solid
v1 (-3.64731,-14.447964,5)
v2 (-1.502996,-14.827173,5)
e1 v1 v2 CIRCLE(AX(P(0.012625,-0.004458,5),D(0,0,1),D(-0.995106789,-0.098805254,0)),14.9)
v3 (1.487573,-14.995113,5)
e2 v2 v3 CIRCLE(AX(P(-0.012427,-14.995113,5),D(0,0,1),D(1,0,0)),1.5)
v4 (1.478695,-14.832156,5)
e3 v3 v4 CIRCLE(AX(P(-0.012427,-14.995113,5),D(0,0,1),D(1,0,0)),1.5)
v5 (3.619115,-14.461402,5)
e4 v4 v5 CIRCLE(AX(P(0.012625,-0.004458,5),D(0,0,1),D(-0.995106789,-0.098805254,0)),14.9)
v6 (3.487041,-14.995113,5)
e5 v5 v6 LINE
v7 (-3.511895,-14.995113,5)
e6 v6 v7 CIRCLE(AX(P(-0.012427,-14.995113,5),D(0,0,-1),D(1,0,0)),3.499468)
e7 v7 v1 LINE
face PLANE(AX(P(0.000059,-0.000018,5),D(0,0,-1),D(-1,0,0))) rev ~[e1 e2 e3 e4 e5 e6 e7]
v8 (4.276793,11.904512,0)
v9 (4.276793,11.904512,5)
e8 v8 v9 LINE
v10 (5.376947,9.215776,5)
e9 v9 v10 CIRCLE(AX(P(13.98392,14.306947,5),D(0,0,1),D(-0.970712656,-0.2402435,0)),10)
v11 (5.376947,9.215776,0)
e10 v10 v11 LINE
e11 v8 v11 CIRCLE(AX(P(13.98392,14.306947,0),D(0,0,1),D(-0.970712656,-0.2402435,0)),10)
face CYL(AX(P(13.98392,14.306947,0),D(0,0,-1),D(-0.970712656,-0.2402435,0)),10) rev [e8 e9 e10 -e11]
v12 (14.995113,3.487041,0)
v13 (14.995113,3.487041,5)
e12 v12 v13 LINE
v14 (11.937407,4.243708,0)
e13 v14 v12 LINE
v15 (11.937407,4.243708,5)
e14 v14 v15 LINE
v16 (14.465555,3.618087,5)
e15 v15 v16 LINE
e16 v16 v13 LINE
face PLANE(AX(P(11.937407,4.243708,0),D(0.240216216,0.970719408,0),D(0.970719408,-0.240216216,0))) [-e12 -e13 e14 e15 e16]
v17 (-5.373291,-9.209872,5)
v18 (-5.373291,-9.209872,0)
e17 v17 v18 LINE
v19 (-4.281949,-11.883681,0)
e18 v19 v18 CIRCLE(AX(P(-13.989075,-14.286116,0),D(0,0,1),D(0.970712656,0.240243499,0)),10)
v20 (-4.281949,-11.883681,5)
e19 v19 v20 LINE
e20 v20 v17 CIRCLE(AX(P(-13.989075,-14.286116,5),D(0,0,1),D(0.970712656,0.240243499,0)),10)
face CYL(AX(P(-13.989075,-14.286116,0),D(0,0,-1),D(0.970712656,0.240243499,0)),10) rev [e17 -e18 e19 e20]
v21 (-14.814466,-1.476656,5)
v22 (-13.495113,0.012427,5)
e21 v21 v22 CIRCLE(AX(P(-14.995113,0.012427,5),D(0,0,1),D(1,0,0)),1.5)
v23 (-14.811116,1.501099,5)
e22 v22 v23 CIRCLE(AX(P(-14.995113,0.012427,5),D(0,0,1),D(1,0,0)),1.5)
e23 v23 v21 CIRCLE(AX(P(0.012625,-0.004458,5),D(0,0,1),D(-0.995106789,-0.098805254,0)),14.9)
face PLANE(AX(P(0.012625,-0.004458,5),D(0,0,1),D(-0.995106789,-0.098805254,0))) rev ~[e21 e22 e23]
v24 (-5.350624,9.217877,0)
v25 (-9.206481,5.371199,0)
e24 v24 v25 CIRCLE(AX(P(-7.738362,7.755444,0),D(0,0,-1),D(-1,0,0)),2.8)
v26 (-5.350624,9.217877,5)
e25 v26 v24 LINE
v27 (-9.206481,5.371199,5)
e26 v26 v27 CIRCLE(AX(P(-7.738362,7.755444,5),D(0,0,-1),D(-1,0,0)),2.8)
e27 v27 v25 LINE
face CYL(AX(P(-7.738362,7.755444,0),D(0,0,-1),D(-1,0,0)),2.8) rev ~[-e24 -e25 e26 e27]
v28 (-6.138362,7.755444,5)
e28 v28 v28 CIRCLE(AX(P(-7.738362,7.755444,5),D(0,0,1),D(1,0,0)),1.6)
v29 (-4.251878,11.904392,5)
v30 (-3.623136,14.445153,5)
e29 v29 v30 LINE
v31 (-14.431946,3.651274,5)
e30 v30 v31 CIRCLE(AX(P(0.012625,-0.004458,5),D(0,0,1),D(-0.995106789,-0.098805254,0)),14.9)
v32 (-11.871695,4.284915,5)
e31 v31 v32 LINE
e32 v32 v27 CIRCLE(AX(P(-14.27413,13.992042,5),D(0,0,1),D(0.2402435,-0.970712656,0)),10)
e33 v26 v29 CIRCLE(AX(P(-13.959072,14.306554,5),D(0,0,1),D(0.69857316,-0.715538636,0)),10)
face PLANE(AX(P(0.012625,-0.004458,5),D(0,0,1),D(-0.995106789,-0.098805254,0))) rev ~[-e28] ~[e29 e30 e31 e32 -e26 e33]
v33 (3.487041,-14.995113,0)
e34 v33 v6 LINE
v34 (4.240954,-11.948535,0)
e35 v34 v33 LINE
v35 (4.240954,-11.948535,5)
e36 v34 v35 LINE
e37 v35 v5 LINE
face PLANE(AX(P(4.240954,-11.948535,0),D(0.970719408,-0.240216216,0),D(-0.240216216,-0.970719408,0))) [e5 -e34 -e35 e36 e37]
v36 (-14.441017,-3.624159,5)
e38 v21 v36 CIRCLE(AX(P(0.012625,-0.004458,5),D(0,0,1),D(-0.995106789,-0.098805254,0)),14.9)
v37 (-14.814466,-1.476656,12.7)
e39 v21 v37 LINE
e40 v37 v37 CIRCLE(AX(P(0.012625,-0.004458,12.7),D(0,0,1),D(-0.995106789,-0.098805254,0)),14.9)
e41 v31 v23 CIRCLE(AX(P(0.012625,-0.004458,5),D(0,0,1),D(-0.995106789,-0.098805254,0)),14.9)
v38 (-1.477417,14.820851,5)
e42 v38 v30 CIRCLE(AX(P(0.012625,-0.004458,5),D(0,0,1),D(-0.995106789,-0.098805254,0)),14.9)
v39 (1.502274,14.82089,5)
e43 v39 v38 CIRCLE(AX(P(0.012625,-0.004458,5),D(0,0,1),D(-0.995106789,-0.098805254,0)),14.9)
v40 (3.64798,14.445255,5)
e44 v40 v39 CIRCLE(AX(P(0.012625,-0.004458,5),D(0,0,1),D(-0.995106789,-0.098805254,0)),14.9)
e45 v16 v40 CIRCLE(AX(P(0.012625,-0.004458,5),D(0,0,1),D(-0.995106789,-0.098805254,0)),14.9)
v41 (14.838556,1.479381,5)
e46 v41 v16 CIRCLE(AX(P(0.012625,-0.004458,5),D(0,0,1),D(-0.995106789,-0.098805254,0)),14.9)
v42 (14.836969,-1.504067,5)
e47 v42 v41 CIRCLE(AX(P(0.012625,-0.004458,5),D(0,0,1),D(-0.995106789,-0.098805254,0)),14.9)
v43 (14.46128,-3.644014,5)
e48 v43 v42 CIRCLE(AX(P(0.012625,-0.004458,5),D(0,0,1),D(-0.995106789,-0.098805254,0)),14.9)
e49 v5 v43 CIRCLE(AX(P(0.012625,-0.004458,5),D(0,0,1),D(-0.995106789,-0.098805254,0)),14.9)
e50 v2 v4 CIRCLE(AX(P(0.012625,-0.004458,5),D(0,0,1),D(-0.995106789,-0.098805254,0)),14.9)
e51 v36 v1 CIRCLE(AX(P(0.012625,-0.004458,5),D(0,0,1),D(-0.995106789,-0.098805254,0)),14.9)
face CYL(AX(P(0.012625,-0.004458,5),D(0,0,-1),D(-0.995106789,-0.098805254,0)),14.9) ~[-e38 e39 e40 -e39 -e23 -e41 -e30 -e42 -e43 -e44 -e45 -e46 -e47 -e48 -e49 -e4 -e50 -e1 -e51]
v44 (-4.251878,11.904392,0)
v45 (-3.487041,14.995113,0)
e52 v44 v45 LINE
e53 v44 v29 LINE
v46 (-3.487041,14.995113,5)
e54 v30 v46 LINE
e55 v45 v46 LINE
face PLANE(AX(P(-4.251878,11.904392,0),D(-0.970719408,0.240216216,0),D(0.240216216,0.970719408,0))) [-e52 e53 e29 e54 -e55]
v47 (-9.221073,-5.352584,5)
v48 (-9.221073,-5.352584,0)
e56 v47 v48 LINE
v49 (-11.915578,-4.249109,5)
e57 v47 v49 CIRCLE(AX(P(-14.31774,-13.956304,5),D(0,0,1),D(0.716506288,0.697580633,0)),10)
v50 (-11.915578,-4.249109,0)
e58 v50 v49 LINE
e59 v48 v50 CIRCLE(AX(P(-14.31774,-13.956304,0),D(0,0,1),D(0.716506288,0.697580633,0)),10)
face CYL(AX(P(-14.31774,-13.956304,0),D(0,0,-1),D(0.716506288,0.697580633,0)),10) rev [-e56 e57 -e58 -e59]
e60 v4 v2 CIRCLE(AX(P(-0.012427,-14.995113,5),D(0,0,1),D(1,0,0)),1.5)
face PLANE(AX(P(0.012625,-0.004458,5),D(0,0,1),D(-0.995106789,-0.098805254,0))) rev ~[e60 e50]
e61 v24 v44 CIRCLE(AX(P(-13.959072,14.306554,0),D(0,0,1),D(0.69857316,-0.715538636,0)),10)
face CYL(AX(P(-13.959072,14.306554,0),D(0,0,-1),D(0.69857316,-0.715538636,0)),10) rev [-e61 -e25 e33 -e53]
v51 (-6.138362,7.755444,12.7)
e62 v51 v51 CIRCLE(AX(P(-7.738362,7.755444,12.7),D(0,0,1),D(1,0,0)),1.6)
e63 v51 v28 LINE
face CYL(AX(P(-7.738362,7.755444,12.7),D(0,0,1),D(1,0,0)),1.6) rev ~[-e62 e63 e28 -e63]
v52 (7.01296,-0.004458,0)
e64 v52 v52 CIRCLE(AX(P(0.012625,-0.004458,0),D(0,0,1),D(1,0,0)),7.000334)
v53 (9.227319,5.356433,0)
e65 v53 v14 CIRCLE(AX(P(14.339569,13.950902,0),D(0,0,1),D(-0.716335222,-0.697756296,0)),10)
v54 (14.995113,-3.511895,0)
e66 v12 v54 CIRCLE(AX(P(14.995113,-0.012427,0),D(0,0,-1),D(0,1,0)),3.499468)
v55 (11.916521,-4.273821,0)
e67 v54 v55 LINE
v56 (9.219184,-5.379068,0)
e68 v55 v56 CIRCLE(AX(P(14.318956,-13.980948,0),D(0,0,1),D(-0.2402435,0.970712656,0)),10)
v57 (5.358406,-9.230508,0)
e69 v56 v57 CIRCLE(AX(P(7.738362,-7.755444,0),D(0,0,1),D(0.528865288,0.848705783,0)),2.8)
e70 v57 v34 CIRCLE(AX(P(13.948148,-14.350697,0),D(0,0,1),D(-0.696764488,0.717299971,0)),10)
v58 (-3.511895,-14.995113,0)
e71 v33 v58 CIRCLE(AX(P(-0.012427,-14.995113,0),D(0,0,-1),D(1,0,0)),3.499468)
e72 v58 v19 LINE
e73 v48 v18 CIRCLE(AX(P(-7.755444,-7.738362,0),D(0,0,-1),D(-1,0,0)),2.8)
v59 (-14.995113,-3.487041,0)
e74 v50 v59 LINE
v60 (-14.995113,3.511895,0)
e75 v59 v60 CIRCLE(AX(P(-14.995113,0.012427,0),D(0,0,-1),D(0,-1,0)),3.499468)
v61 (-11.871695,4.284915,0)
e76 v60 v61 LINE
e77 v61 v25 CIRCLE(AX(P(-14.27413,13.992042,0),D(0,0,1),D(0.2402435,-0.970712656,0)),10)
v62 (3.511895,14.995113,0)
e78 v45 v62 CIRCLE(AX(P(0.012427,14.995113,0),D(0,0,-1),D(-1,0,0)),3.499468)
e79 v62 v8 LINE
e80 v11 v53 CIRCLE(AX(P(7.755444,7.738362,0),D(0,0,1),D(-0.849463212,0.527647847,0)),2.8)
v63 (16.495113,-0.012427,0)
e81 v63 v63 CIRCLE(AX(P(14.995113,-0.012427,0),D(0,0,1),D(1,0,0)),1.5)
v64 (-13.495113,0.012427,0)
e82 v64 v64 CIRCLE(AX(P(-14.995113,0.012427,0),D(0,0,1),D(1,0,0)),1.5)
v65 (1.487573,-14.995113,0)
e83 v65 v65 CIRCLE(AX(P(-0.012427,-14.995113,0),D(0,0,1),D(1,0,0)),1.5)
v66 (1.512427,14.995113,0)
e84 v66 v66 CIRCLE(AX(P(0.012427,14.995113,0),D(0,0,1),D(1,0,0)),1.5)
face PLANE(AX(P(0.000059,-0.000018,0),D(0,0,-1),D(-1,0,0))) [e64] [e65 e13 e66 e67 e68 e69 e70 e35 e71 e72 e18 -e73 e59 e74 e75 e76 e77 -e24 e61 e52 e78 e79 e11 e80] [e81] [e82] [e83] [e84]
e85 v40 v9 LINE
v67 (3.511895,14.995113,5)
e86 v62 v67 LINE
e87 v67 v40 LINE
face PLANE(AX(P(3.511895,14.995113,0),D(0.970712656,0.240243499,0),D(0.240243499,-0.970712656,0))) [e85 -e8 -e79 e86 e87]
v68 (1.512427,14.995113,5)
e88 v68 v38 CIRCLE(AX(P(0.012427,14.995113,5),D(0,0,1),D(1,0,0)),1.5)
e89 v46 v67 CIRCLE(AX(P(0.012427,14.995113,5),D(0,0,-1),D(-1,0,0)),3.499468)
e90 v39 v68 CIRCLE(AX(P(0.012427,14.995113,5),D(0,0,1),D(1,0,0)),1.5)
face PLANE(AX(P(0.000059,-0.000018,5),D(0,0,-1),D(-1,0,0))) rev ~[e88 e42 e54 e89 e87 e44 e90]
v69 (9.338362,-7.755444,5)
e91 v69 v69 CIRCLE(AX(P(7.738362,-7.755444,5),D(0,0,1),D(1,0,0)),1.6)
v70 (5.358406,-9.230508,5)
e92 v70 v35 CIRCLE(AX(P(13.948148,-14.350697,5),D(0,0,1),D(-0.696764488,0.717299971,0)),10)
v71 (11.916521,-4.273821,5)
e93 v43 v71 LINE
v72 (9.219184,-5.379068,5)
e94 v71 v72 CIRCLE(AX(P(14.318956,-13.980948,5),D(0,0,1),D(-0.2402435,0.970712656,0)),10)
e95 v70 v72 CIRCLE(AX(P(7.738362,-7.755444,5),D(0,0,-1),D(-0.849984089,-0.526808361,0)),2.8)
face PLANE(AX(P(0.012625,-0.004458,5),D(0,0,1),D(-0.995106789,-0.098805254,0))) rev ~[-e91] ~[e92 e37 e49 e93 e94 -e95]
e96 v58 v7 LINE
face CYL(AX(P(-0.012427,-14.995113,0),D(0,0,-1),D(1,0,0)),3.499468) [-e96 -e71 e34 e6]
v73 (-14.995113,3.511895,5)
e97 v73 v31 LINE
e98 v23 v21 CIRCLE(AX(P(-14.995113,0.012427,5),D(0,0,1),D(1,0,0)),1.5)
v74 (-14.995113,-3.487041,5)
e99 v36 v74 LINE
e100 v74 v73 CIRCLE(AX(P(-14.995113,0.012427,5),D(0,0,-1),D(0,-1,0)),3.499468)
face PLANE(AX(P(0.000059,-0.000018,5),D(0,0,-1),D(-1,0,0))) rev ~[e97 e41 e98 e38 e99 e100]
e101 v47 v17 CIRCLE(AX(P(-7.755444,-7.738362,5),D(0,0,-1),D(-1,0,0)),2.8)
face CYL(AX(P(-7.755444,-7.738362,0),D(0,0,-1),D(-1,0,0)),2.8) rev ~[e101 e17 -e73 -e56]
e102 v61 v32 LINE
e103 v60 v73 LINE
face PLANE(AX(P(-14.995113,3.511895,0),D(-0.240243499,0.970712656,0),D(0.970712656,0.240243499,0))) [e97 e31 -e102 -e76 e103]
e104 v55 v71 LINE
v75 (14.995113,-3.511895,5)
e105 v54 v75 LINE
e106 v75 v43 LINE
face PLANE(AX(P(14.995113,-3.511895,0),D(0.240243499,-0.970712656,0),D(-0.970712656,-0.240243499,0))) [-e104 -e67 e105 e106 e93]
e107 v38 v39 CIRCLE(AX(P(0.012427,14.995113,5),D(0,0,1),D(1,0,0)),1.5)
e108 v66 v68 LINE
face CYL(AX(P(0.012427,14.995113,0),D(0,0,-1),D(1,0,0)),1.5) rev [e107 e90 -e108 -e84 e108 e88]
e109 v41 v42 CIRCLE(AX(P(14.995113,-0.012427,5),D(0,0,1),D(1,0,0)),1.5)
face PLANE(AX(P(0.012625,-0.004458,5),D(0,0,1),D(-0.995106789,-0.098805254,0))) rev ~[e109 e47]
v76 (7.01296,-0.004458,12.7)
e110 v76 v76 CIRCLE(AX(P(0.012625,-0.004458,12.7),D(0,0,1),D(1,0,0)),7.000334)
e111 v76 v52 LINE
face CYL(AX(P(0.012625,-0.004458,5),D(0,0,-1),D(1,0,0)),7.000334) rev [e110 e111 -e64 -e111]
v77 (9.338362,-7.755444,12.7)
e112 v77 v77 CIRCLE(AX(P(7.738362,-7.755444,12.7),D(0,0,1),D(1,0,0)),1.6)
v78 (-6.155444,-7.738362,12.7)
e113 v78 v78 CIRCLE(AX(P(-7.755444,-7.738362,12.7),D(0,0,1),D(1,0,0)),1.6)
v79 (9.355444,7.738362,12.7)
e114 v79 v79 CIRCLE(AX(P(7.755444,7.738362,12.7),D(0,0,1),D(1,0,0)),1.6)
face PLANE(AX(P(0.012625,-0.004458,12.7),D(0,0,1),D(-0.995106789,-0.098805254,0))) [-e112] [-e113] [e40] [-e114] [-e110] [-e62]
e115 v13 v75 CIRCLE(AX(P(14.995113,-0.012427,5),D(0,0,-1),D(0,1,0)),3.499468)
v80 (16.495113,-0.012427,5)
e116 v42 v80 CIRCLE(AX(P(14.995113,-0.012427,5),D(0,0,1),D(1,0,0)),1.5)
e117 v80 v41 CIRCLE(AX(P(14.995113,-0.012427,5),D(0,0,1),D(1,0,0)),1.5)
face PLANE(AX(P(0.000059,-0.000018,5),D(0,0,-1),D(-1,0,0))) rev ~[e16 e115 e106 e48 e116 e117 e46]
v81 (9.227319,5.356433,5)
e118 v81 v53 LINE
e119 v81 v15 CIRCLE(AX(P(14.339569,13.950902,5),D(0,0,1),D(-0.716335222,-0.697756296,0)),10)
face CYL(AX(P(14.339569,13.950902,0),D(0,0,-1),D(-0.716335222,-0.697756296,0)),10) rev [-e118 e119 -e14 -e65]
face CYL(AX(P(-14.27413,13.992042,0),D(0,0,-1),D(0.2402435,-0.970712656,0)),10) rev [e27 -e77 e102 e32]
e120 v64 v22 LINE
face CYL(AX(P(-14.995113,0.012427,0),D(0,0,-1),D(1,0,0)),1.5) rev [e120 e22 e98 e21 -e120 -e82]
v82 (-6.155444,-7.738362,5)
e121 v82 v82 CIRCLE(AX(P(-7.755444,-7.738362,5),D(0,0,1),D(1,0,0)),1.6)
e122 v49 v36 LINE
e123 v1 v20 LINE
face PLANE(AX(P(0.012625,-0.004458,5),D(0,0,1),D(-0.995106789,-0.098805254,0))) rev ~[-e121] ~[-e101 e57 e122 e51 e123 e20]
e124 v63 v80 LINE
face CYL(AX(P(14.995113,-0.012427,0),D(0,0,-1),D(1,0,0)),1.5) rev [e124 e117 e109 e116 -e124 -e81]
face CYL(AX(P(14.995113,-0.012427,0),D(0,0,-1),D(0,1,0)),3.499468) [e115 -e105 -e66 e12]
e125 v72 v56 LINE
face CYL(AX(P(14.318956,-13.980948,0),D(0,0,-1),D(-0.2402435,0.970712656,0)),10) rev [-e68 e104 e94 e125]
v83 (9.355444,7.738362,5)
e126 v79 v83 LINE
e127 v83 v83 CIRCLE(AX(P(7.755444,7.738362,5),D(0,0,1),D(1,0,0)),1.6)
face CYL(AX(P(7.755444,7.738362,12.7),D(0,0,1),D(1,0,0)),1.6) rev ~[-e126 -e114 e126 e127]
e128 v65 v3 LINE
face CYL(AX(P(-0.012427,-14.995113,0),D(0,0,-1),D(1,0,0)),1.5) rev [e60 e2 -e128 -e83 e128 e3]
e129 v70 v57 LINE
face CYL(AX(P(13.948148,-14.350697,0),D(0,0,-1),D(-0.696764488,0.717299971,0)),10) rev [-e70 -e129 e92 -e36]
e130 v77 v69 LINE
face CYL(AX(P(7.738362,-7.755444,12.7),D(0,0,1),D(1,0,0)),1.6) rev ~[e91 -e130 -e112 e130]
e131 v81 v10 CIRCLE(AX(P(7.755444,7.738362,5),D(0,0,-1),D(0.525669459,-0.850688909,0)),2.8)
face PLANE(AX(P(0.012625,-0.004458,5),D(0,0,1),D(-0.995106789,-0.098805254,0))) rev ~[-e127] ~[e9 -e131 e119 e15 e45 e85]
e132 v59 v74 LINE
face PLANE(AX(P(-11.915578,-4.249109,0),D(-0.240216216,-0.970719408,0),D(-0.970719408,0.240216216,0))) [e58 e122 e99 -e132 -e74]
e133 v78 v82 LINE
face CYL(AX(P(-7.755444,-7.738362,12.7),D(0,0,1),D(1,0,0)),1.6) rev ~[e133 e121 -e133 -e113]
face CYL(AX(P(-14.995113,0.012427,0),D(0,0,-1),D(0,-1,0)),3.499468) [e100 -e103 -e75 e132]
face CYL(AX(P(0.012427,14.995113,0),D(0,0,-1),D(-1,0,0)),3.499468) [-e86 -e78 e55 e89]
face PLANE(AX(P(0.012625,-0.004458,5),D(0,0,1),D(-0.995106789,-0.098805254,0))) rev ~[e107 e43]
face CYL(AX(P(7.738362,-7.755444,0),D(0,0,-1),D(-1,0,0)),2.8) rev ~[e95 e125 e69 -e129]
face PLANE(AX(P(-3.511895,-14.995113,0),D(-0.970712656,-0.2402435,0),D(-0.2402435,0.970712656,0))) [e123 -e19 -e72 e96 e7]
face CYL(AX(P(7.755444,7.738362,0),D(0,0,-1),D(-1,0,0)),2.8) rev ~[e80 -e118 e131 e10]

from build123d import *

# Parameters (mm, degrees)
SKETCH1_R           = 1.5
SKETCH1_R_2         = 7.000334442
BOSS_EXTRUDE1_DEPTH = 5
SKETCH2_R           = 14.9
SKETCH2_R_2         = 7.000334442
BOSS_EXTRUDE2_DEPTH = 7.7
SKETCH3_R           = 1.6
CUT_EXTRUDE1_DEPTH  = 30.075574726
SKETCH4_R           = 2.8
CUT_EXTRUDE2_DEPTH  = 5


with BuildPart() as part:
    # Sketch1 → Boss-Extrude1 (new body)
    with BuildSketch(Plane.XY):
        with BuildLine():
            ThreePointArc((-6.973340003, 7.151168067), (-5.280838659, 9.337824918), (-4.251877521, 11.904392268))
            Line((-4.251877521, 11.904392268), (-3.487041473, 14.995112823))
            ThreePointArc((-3.487041473, 14.995112823), (0.012426609, 18.494580904), (3.51189469, 14.995112823))
            Line((3.51189469, 14.995112823), (4.276793265, 11.904512123))
            ThreePointArc((4.276793265, 11.904512123), (5.305826539, 9.337973695), (6.998389341, 7.151364414))
            ThreePointArc((6.998389341, 7.151364414), (7.087863136, 7.062910899), (7.176217024, 6.973338723))
            ThreePointArc((7.176217024, 6.973338723), (9.365889736, 5.275504745), (11.937407084, 4.243707607))
            Line((11.937407084, 4.243707607), (14.995112823, 3.487041473))
            ThreePointArc((14.995112823, 3.487041473), (18.494580904, -0.012426609), (14.995112823, -3.51189469))
            Line((14.995112823, -3.51189469), (11.916521074, -4.273821147))
            ThreePointArc((11.916521074, -4.273821147), (9.351558223, -5.301952454), (7.165910263, -6.992819512))
            ThreePointArc((7.165910263, -6.992819512), (7.073811789, -7.085865183), (6.980503135, -7.177697208))
            ThreePointArc((6.980503135, -7.177697208), (5.276194005, -9.371016841), (4.24095393, -11.948534758))
            Line((4.24095393, -11.948534758), (3.487041473, -14.995112823))
            ThreePointArc((3.487041473, -14.995112823), (-0.012426609, -18.494580904), (-3.51189469, -14.995112823))
            Line((-3.51189469, -14.995112823), (-4.281948892, -11.883680625))
            ThreePointArc((-4.281948892, -11.883680625), (-5.30570303, -9.326373353), (-6.988342179, -7.145406018))
            ThreePointArc((-6.988342179, -7.145406018), (-7.070989636, -7.063429863), (-7.152677278, -6.980497231))
            ThreePointArc((-7.152677278, -6.980497231), (-9.342997098, -5.281516445), (-11.915577996, -4.249109478))
            Line((-11.915577996, -4.249109478), (-14.995112823, -3.487041473))
            ThreePointArc((-14.995112823, -3.487041473), (-18.494580904, 0.012426609), (-14.995112823, 3.51189469))
            Line((-14.995112823, 3.51189469), (-11.871695344, 4.284915151))
            ThreePointArc((-11.871695344, 4.284915151), (-9.312807198, 5.30957244), (-7.130872005, 6.993909079))
            ThreePointArc((-7.130872005, 6.993909079), (-7.052543558, 7.072976887), (-6.973340003, 7.151168067))
        make_face()
        with Locations((-14.995112823, 0.012426609)):
            Circle(SKETCH1_R, mode=Mode.SUBTRACT)
        with Locations((-0.012426609, -14.995112823)):
            Circle(SKETCH1_R, mode=Mode.SUBTRACT)
        with Locations((14.995112823, -0.012426609)):
            Circle(SKETCH1_R, mode=Mode.SUBTRACT)
        with Locations((0.012426609, 14.995112823)):
            Circle(SKETCH1_R, mode=Mode.SUBTRACT)
        with Locations((0.01262523, -0.004457602)):
            Circle(SKETCH1_R_2, mode=Mode.SUBTRACT)
    extrude(amount=BOSS_EXTRUDE1_DEPTH)

    # Sketch2 → Boss-Extrude2 (add)
    with BuildSketch(Plane.XY.offset(5)):
        with Locations(Location((0.01262523, -0.004457602, 0), (0, 0, 185.670375878))):
            Circle(SKETCH2_R)
        with Locations((0.01262523, -0.004457602)):
            Circle(SKETCH2_R_2, mode=Mode.SUBTRACT)
    extrude(amount=BOSS_EXTRUDE2_DEPTH)

    # Sketch3 → Cut-Extrude1 (cut, through all)
    with BuildSketch(Plane.XY.offset(12.7)):
        with Locations((7.755444484, 7.738361652)):
            Circle(SKETCH3_R)
        with Locations((7.738361652, -7.755444484)):
            Circle(SKETCH3_R)
        with Locations((-7.755444484, -7.738361652)):
            Circle(SKETCH3_R)
        with Locations((-7.738361652, 7.755444484)):
            Circle(SKETCH3_R)
    extrude(amount=-CUT_EXTRUDE1_DEPTH, mode=Mode.SUBTRACT)

    # Sketch4 → Cut-Extrude2 (cut)
    with BuildSketch(Plane(origin=(0, 0, 0), x_dir=(-1, 0, 0), z_dir=(0, 0, -1))):
        with Locations((-7.755444484, 7.738361652)):
            Circle(SKETCH4_R)
        with Locations((7.738361652, 7.755444484)):
            Circle(SKETCH4_R)
        with Locations((7.755444484, -7.738361652)):
            Circle(SKETCH4_R)
        with Locations((-7.738361652, -7.755444484)):
            Circle(SKETCH4_R)
    extrude(amount=-CUT_EXTRUDE2_DEPTH, mode=Mode.SUBTRACT)


solid = part.part
